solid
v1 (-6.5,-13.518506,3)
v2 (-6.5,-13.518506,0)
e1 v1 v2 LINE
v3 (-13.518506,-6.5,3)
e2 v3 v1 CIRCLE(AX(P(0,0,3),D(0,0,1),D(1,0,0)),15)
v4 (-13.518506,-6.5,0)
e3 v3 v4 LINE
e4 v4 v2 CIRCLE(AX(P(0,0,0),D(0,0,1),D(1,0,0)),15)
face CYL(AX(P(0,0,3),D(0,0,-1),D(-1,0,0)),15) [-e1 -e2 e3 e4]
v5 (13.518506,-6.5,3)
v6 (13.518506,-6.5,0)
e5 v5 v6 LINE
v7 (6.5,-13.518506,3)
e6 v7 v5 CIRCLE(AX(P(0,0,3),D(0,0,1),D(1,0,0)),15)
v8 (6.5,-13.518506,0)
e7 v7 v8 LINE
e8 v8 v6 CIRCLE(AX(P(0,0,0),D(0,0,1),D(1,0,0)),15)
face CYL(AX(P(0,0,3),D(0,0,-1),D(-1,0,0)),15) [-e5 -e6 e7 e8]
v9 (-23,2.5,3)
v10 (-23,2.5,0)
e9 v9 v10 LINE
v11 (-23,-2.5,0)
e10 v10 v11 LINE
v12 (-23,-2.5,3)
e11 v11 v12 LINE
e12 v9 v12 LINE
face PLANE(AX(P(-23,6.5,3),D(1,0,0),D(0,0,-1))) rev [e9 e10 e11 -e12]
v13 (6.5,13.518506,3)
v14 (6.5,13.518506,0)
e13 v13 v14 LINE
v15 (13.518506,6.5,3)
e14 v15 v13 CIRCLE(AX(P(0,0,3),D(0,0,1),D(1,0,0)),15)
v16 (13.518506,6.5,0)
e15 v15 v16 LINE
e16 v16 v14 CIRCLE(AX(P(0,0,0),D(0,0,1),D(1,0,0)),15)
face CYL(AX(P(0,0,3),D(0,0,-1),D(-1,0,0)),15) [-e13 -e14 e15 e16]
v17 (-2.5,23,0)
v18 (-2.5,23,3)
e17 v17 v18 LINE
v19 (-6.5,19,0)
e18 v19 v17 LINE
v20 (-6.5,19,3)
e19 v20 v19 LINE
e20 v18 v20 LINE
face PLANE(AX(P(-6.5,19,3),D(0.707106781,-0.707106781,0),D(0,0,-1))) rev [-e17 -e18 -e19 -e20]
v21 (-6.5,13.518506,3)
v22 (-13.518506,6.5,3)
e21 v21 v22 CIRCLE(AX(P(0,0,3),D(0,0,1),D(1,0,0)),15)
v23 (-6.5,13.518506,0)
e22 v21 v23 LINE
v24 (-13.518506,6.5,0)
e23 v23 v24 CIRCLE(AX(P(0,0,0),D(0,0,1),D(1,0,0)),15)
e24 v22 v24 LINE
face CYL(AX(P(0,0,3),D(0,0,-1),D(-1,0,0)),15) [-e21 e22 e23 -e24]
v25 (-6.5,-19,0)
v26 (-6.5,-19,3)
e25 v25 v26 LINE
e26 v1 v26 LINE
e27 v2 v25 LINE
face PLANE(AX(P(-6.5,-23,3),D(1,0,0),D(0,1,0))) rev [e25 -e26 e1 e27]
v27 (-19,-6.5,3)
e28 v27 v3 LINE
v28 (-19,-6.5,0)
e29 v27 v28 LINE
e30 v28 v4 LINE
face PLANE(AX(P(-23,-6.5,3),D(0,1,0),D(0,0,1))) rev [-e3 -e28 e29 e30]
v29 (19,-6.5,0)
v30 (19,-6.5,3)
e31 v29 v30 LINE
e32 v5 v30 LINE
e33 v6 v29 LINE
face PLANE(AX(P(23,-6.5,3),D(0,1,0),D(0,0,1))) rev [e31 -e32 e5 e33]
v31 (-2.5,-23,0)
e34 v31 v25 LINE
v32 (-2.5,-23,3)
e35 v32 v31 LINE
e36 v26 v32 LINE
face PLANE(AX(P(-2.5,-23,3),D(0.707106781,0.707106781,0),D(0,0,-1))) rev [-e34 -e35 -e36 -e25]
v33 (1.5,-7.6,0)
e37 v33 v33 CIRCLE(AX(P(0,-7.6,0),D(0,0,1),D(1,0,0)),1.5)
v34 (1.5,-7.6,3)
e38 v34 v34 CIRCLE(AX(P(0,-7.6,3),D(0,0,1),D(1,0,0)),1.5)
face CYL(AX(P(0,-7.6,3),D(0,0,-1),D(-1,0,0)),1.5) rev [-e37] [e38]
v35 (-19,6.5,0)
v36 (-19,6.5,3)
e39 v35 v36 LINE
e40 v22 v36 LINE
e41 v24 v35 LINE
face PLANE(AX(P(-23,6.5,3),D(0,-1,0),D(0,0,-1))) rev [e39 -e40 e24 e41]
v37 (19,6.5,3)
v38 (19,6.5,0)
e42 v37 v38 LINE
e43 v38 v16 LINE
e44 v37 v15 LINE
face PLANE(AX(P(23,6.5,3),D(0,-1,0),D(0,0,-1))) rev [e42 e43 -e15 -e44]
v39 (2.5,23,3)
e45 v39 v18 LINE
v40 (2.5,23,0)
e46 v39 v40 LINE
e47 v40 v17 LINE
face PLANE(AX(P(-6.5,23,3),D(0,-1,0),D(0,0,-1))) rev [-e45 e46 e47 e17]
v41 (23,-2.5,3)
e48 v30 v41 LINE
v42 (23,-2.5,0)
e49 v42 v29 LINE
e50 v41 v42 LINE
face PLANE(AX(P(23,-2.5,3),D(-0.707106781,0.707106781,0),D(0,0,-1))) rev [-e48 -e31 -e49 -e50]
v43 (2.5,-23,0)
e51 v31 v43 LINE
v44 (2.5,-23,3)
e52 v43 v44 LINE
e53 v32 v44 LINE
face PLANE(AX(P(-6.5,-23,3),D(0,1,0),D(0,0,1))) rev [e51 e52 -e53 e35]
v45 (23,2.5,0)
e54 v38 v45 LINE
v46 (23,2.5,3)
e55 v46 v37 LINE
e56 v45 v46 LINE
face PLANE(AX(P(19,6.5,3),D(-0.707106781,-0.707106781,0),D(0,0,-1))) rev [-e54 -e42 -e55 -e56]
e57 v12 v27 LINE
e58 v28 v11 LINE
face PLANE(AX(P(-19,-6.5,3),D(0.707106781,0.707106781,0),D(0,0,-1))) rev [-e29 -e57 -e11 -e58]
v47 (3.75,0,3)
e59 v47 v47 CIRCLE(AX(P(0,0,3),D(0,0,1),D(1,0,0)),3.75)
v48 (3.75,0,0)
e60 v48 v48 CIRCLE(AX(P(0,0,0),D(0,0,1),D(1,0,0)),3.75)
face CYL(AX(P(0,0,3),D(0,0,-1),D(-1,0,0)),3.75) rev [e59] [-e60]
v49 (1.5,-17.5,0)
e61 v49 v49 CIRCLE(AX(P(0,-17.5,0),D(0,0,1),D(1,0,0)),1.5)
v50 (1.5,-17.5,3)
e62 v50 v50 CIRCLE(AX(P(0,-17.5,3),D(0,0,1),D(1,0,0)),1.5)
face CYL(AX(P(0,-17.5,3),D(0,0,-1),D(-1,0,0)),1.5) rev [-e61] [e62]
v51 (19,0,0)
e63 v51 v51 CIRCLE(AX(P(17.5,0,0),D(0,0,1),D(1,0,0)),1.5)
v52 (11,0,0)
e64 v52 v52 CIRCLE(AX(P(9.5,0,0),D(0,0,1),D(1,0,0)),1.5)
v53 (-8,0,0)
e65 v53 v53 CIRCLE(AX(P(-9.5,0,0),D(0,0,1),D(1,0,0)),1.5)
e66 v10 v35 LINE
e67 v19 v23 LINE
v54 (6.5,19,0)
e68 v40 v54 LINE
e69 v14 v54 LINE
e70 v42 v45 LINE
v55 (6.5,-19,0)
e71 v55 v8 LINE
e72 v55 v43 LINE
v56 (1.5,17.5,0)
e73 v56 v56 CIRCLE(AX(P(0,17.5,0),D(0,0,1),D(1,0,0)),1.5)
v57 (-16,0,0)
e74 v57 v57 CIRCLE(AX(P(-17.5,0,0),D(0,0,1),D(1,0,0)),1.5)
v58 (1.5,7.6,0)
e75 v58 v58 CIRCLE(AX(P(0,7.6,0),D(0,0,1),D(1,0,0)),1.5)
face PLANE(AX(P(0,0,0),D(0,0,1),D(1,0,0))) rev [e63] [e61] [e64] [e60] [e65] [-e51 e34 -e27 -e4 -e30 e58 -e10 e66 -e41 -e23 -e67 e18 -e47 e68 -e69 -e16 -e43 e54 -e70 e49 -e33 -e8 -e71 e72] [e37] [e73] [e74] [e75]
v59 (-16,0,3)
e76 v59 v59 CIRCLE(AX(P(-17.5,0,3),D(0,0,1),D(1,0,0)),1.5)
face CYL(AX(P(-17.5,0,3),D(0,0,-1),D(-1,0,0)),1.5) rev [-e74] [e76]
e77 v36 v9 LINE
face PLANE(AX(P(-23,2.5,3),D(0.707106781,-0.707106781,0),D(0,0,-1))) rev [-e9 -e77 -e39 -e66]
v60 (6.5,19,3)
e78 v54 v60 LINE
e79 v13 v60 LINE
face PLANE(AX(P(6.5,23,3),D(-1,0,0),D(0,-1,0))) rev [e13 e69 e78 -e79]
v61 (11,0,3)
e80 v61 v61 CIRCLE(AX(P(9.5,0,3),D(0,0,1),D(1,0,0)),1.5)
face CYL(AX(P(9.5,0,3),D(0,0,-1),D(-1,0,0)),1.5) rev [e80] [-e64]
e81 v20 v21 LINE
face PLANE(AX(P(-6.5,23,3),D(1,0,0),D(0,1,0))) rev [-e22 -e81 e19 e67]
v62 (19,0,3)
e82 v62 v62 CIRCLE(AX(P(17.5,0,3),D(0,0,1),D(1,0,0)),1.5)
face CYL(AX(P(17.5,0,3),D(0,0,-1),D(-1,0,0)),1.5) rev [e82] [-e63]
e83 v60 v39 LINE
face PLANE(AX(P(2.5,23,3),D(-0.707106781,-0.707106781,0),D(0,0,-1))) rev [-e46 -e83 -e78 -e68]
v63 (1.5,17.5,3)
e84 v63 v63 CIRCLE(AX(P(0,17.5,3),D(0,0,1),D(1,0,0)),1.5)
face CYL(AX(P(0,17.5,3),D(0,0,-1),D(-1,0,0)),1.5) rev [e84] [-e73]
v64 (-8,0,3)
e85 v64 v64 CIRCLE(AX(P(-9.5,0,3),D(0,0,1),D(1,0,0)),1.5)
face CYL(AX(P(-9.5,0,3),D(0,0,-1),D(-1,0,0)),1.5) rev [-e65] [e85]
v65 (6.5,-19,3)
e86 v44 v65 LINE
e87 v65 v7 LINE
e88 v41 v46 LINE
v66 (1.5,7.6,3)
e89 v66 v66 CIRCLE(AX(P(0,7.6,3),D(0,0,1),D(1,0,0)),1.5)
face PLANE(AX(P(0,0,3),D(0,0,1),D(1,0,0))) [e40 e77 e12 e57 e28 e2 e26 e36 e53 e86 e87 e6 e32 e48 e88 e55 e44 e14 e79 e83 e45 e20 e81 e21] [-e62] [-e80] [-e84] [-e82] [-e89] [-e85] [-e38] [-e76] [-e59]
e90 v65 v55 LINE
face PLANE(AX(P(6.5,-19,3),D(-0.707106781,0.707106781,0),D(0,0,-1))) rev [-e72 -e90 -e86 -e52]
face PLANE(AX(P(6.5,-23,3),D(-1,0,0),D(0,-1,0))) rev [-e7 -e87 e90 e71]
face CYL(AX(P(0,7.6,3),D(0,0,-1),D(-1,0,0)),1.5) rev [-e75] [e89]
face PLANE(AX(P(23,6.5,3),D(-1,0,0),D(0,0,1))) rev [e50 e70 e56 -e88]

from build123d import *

# Parameters (mm, degrees)
SKETCH1_R           = 1.5
SKETCH1_R_2         = 3.75
BOSS_EXTRUDE1_DEPTH = 3
CHAMFER1_SIZE       = 4


with BuildPart() as part:
    # Sketch1 → Boss-Extrude1 (new body)
    with BuildSketch(Plane.XY):
        with BuildLine():
            Line((-6.5, 23), (6.5, 23))
            Line((6.5, 23), (6.5, 13.518505835))
            ThreePointArc((6.5, 13.518505835), (10.606601718, 10.606601718), (13.518505835, 6.5))
            Line((13.518505835, 6.5), (23, 6.5))
            Line((23, 6.5), (23, -6.5))
            Line((23, -6.5), (13.518505835, -6.5))
            ThreePointArc((13.518505835, -6.5), (10.606601718, -10.606601718), (6.5, -13.518505835))
            Line((6.5, -13.518505835), (6.5, -23))
            Line((6.5, -23), (-6.5, -23))
            Line((-6.5, -23), (-6.5, -13.518505835))
            ThreePointArc((-6.5, -13.518505835), (-10.606601718, -10.606601718), (-13.518505835, -6.5))
            Line((-13.518505835, -6.5), (-23, -6.5))
            Line((-23, -6.5), (-23, 6.5))
            Line((-23, 6.5), (-13.518505835, 6.5))
            ThreePointArc((-13.518505835, 6.5), (-10.606601718, 10.606601718), (-6.5, 13.518505835))
            Line((-6.5, 13.518505835), (-6.5, 23))
        make_face()
        with Locations((0, 7.6)):
            Circle(SKETCH1_R, mode=Mode.SUBTRACT)
        with Locations((9.5, 0)):
            Circle(SKETCH1_R, mode=Mode.SUBTRACT)
        with Locations((-9.5, 0)):
            Circle(SKETCH1_R, mode=Mode.SUBTRACT)
        with Locations((0, -7.6)):
            Circle(SKETCH1_R, mode=Mode.SUBTRACT)
        with Locations((0, 17.5)):
            Circle(SKETCH1_R, mode=Mode.SUBTRACT)
        with Locations((17.5, 0)):
            Circle(SKETCH1_R, mode=Mode.SUBTRACT)
        with Locations((0, -17.5)):
            Circle(SKETCH1_R, mode=Mode.SUBTRACT)
        with Locations((-17.5, 0)):
            Circle(SKETCH1_R, mode=Mode.SUBTRACT)
        Circle(SKETCH1_R_2, mode=Mode.SUBTRACT)
    extrude(amount=BOSS_EXTRUDE1_DEPTH)

    # Chamfer1
    chamfer1_edges = [part.edges().sort_by_distance(p)[0] for p in [
        (23, 6.5, 1.5),
        (23, -6.5, 1.5),
        (6.5, -23, 1.5),
        (-6.5, -23, 1.5),
        (-23, -6.5, 1.5),
        (-23, 6.5, 1.5),
        (-6.5, 23, 1.5),
        (6.5, 23, 1.5),
    ]]
    chamfer(chamfer1_edges, length=CHAMFER1_SIZE)


solid = part.part
